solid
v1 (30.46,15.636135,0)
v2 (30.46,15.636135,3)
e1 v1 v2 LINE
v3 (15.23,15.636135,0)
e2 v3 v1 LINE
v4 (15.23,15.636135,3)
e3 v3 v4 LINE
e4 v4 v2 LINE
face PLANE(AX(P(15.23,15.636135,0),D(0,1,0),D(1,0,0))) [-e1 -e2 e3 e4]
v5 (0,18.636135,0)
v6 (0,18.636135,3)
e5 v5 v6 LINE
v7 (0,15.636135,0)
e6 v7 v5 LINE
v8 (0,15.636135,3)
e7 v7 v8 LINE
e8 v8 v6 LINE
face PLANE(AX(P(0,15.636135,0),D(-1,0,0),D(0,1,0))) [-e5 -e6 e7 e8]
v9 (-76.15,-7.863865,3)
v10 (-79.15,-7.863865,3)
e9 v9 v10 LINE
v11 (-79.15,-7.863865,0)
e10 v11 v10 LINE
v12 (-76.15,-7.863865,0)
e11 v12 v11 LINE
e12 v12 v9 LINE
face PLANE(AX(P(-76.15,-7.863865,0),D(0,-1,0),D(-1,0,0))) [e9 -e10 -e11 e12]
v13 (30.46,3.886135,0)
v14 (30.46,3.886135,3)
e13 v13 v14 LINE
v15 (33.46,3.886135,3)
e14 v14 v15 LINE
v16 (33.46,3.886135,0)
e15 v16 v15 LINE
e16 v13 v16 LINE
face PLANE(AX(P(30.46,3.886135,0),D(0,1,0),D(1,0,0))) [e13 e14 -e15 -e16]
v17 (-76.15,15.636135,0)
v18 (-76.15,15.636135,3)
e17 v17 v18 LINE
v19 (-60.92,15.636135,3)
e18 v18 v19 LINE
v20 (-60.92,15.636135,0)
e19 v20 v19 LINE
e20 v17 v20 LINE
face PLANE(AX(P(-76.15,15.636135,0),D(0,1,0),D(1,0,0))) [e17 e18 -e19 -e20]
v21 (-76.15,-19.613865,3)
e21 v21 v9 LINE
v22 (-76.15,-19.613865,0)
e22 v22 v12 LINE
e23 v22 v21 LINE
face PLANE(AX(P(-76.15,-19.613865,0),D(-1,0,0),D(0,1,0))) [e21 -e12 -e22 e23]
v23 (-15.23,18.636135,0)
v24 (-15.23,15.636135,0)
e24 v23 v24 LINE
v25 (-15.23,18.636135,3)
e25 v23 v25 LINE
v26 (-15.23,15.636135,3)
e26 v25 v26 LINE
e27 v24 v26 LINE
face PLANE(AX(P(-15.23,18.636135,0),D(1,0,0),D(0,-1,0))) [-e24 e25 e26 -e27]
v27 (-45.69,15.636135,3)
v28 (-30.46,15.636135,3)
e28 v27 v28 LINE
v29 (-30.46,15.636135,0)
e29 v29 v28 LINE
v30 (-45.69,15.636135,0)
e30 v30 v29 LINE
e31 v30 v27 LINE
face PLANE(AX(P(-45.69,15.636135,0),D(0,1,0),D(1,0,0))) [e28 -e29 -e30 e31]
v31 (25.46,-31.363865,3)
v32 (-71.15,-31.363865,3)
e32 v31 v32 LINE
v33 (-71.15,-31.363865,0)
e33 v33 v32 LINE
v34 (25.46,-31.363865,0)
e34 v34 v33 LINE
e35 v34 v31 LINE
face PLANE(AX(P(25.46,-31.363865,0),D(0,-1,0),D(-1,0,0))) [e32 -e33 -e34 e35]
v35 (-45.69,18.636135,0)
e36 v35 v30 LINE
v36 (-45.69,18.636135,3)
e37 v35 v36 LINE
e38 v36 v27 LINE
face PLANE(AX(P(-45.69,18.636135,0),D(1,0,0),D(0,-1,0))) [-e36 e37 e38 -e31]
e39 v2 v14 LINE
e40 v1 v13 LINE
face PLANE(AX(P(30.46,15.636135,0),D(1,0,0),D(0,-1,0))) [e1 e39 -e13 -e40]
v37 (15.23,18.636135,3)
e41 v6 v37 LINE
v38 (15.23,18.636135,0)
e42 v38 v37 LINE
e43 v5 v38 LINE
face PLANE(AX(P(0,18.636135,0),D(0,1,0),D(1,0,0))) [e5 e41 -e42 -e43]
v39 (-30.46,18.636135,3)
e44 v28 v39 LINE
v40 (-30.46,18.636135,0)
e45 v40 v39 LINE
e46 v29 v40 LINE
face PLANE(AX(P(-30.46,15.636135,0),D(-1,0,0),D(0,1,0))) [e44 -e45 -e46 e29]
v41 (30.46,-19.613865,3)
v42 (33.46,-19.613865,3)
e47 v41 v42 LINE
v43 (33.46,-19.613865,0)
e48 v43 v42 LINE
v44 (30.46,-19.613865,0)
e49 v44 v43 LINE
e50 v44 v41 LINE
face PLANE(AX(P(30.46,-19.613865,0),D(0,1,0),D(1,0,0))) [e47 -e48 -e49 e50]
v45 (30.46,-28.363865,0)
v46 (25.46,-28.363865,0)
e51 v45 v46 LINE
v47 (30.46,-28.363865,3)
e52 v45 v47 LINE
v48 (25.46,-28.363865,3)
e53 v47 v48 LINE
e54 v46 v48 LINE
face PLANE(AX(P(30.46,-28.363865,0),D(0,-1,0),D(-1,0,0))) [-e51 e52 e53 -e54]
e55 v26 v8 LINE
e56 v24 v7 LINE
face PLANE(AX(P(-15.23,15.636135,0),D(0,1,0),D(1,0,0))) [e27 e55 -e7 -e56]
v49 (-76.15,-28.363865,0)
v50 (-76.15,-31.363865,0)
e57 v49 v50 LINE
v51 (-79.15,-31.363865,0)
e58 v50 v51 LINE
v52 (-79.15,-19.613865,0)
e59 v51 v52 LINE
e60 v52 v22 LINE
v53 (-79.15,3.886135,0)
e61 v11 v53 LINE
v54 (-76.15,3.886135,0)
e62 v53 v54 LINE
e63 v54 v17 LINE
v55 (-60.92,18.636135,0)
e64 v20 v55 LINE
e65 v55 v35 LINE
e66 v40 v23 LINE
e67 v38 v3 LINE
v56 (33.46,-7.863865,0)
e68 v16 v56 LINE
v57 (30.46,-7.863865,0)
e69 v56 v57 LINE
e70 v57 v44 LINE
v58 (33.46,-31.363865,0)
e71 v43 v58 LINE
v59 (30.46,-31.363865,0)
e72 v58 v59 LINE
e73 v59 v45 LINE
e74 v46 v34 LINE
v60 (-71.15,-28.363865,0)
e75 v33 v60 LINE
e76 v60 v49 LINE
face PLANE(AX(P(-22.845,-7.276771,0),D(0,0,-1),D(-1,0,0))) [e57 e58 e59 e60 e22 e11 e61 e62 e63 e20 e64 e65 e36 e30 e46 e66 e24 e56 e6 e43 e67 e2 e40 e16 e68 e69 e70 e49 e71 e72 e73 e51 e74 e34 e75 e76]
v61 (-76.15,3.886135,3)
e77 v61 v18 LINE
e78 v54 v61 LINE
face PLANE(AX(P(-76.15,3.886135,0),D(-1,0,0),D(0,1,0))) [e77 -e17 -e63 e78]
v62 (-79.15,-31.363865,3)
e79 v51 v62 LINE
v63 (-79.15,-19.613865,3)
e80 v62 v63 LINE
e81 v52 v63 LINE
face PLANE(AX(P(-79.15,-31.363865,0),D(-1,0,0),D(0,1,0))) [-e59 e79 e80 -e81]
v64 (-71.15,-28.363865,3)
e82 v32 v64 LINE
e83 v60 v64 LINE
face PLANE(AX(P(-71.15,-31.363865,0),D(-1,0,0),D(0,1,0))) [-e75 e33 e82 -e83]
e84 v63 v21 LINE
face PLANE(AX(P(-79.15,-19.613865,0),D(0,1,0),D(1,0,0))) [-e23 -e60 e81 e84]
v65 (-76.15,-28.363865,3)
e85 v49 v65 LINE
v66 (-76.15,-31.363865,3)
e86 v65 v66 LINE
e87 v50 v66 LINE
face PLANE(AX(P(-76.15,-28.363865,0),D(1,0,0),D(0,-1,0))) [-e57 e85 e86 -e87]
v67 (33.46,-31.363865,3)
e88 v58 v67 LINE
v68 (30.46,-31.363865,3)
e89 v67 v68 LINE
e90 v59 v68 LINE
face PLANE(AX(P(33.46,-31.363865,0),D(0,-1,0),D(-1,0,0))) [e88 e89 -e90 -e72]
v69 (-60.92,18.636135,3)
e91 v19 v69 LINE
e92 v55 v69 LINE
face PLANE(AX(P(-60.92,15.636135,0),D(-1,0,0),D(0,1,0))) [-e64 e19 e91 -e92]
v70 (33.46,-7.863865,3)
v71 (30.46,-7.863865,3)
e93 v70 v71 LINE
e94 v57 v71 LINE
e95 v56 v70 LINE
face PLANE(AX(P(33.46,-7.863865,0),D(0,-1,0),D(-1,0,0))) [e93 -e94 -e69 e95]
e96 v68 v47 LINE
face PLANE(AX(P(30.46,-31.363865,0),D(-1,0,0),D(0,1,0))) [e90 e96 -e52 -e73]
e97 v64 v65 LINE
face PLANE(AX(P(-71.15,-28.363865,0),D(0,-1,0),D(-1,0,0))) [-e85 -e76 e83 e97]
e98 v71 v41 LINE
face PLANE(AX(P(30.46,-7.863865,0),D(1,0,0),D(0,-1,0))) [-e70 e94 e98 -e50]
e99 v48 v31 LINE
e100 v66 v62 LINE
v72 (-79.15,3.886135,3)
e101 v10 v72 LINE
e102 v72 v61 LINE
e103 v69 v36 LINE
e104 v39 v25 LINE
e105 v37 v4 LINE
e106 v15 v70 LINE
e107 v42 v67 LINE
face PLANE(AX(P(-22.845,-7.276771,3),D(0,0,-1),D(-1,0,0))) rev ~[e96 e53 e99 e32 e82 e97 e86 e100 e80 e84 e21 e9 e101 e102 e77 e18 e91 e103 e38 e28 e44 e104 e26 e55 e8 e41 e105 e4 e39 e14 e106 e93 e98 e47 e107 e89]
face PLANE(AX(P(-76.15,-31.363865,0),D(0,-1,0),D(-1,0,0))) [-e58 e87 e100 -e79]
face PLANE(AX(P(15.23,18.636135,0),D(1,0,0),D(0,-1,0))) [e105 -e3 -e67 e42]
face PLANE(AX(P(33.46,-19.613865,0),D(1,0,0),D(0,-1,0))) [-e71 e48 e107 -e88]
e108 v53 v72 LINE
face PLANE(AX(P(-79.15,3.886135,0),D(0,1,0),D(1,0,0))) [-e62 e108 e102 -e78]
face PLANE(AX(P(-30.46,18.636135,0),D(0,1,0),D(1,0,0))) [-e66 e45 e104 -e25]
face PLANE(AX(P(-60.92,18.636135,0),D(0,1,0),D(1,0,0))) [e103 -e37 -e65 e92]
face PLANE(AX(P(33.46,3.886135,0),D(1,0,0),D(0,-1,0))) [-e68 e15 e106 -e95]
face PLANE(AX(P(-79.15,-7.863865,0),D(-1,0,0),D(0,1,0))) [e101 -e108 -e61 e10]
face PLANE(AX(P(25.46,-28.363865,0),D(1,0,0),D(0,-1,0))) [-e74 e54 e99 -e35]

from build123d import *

# Parameters (mm, degrees)
SALIENTE_EXTRUIR1_DEPTH = 3


with BuildPart() as part:
    # Croquis1 → Saliente-Extruir1 (new body)
    with BuildSketch(Plane.XY):
        Polygon((-76.15, 3.886135347), (-76.15, 15.636135347), (-60.92, 15.636135347), (-60.92, 18.636135347), (-45.69, 18.636135347), (-45.69, 15.636135347), (-30.46, 15.636135347), (-30.46, 18.636135347), (-15.23, 18.636135347), (-15.23, 15.636135347), (0, 15.636135347), (0, 18.636135347), (15.23, 18.636135347), (15.23, 15.636135347), (30.46, 15.636135347), (30.46, 3.886135347), (33.46, 3.886135347), (33.46, -7.863864653), (30.46, -7.863864653), (30.46, -19.613864653), (33.46, -19.613864653), (33.46, -31.363864653), (30.46, -31.363864653), (30.46, -28.363864653), (25.46, -28.363864653), (25.46, -31.363864653), (-71.15, -31.363864653), (-71.15, -28.363864653), (-76.15, -28.363864653), (-76.15, -31.363864653), (-79.15, -31.363864653), (-79.15, -19.613864653), (-76.15, -19.613864653), (-76.15, -7.863864653), (-79.15, -7.863864653), (-79.15, 3.886135347), align=None)
    extrude(amount=SALIENTE_EXTRUIR1_DEPTH)


solid = part.part
